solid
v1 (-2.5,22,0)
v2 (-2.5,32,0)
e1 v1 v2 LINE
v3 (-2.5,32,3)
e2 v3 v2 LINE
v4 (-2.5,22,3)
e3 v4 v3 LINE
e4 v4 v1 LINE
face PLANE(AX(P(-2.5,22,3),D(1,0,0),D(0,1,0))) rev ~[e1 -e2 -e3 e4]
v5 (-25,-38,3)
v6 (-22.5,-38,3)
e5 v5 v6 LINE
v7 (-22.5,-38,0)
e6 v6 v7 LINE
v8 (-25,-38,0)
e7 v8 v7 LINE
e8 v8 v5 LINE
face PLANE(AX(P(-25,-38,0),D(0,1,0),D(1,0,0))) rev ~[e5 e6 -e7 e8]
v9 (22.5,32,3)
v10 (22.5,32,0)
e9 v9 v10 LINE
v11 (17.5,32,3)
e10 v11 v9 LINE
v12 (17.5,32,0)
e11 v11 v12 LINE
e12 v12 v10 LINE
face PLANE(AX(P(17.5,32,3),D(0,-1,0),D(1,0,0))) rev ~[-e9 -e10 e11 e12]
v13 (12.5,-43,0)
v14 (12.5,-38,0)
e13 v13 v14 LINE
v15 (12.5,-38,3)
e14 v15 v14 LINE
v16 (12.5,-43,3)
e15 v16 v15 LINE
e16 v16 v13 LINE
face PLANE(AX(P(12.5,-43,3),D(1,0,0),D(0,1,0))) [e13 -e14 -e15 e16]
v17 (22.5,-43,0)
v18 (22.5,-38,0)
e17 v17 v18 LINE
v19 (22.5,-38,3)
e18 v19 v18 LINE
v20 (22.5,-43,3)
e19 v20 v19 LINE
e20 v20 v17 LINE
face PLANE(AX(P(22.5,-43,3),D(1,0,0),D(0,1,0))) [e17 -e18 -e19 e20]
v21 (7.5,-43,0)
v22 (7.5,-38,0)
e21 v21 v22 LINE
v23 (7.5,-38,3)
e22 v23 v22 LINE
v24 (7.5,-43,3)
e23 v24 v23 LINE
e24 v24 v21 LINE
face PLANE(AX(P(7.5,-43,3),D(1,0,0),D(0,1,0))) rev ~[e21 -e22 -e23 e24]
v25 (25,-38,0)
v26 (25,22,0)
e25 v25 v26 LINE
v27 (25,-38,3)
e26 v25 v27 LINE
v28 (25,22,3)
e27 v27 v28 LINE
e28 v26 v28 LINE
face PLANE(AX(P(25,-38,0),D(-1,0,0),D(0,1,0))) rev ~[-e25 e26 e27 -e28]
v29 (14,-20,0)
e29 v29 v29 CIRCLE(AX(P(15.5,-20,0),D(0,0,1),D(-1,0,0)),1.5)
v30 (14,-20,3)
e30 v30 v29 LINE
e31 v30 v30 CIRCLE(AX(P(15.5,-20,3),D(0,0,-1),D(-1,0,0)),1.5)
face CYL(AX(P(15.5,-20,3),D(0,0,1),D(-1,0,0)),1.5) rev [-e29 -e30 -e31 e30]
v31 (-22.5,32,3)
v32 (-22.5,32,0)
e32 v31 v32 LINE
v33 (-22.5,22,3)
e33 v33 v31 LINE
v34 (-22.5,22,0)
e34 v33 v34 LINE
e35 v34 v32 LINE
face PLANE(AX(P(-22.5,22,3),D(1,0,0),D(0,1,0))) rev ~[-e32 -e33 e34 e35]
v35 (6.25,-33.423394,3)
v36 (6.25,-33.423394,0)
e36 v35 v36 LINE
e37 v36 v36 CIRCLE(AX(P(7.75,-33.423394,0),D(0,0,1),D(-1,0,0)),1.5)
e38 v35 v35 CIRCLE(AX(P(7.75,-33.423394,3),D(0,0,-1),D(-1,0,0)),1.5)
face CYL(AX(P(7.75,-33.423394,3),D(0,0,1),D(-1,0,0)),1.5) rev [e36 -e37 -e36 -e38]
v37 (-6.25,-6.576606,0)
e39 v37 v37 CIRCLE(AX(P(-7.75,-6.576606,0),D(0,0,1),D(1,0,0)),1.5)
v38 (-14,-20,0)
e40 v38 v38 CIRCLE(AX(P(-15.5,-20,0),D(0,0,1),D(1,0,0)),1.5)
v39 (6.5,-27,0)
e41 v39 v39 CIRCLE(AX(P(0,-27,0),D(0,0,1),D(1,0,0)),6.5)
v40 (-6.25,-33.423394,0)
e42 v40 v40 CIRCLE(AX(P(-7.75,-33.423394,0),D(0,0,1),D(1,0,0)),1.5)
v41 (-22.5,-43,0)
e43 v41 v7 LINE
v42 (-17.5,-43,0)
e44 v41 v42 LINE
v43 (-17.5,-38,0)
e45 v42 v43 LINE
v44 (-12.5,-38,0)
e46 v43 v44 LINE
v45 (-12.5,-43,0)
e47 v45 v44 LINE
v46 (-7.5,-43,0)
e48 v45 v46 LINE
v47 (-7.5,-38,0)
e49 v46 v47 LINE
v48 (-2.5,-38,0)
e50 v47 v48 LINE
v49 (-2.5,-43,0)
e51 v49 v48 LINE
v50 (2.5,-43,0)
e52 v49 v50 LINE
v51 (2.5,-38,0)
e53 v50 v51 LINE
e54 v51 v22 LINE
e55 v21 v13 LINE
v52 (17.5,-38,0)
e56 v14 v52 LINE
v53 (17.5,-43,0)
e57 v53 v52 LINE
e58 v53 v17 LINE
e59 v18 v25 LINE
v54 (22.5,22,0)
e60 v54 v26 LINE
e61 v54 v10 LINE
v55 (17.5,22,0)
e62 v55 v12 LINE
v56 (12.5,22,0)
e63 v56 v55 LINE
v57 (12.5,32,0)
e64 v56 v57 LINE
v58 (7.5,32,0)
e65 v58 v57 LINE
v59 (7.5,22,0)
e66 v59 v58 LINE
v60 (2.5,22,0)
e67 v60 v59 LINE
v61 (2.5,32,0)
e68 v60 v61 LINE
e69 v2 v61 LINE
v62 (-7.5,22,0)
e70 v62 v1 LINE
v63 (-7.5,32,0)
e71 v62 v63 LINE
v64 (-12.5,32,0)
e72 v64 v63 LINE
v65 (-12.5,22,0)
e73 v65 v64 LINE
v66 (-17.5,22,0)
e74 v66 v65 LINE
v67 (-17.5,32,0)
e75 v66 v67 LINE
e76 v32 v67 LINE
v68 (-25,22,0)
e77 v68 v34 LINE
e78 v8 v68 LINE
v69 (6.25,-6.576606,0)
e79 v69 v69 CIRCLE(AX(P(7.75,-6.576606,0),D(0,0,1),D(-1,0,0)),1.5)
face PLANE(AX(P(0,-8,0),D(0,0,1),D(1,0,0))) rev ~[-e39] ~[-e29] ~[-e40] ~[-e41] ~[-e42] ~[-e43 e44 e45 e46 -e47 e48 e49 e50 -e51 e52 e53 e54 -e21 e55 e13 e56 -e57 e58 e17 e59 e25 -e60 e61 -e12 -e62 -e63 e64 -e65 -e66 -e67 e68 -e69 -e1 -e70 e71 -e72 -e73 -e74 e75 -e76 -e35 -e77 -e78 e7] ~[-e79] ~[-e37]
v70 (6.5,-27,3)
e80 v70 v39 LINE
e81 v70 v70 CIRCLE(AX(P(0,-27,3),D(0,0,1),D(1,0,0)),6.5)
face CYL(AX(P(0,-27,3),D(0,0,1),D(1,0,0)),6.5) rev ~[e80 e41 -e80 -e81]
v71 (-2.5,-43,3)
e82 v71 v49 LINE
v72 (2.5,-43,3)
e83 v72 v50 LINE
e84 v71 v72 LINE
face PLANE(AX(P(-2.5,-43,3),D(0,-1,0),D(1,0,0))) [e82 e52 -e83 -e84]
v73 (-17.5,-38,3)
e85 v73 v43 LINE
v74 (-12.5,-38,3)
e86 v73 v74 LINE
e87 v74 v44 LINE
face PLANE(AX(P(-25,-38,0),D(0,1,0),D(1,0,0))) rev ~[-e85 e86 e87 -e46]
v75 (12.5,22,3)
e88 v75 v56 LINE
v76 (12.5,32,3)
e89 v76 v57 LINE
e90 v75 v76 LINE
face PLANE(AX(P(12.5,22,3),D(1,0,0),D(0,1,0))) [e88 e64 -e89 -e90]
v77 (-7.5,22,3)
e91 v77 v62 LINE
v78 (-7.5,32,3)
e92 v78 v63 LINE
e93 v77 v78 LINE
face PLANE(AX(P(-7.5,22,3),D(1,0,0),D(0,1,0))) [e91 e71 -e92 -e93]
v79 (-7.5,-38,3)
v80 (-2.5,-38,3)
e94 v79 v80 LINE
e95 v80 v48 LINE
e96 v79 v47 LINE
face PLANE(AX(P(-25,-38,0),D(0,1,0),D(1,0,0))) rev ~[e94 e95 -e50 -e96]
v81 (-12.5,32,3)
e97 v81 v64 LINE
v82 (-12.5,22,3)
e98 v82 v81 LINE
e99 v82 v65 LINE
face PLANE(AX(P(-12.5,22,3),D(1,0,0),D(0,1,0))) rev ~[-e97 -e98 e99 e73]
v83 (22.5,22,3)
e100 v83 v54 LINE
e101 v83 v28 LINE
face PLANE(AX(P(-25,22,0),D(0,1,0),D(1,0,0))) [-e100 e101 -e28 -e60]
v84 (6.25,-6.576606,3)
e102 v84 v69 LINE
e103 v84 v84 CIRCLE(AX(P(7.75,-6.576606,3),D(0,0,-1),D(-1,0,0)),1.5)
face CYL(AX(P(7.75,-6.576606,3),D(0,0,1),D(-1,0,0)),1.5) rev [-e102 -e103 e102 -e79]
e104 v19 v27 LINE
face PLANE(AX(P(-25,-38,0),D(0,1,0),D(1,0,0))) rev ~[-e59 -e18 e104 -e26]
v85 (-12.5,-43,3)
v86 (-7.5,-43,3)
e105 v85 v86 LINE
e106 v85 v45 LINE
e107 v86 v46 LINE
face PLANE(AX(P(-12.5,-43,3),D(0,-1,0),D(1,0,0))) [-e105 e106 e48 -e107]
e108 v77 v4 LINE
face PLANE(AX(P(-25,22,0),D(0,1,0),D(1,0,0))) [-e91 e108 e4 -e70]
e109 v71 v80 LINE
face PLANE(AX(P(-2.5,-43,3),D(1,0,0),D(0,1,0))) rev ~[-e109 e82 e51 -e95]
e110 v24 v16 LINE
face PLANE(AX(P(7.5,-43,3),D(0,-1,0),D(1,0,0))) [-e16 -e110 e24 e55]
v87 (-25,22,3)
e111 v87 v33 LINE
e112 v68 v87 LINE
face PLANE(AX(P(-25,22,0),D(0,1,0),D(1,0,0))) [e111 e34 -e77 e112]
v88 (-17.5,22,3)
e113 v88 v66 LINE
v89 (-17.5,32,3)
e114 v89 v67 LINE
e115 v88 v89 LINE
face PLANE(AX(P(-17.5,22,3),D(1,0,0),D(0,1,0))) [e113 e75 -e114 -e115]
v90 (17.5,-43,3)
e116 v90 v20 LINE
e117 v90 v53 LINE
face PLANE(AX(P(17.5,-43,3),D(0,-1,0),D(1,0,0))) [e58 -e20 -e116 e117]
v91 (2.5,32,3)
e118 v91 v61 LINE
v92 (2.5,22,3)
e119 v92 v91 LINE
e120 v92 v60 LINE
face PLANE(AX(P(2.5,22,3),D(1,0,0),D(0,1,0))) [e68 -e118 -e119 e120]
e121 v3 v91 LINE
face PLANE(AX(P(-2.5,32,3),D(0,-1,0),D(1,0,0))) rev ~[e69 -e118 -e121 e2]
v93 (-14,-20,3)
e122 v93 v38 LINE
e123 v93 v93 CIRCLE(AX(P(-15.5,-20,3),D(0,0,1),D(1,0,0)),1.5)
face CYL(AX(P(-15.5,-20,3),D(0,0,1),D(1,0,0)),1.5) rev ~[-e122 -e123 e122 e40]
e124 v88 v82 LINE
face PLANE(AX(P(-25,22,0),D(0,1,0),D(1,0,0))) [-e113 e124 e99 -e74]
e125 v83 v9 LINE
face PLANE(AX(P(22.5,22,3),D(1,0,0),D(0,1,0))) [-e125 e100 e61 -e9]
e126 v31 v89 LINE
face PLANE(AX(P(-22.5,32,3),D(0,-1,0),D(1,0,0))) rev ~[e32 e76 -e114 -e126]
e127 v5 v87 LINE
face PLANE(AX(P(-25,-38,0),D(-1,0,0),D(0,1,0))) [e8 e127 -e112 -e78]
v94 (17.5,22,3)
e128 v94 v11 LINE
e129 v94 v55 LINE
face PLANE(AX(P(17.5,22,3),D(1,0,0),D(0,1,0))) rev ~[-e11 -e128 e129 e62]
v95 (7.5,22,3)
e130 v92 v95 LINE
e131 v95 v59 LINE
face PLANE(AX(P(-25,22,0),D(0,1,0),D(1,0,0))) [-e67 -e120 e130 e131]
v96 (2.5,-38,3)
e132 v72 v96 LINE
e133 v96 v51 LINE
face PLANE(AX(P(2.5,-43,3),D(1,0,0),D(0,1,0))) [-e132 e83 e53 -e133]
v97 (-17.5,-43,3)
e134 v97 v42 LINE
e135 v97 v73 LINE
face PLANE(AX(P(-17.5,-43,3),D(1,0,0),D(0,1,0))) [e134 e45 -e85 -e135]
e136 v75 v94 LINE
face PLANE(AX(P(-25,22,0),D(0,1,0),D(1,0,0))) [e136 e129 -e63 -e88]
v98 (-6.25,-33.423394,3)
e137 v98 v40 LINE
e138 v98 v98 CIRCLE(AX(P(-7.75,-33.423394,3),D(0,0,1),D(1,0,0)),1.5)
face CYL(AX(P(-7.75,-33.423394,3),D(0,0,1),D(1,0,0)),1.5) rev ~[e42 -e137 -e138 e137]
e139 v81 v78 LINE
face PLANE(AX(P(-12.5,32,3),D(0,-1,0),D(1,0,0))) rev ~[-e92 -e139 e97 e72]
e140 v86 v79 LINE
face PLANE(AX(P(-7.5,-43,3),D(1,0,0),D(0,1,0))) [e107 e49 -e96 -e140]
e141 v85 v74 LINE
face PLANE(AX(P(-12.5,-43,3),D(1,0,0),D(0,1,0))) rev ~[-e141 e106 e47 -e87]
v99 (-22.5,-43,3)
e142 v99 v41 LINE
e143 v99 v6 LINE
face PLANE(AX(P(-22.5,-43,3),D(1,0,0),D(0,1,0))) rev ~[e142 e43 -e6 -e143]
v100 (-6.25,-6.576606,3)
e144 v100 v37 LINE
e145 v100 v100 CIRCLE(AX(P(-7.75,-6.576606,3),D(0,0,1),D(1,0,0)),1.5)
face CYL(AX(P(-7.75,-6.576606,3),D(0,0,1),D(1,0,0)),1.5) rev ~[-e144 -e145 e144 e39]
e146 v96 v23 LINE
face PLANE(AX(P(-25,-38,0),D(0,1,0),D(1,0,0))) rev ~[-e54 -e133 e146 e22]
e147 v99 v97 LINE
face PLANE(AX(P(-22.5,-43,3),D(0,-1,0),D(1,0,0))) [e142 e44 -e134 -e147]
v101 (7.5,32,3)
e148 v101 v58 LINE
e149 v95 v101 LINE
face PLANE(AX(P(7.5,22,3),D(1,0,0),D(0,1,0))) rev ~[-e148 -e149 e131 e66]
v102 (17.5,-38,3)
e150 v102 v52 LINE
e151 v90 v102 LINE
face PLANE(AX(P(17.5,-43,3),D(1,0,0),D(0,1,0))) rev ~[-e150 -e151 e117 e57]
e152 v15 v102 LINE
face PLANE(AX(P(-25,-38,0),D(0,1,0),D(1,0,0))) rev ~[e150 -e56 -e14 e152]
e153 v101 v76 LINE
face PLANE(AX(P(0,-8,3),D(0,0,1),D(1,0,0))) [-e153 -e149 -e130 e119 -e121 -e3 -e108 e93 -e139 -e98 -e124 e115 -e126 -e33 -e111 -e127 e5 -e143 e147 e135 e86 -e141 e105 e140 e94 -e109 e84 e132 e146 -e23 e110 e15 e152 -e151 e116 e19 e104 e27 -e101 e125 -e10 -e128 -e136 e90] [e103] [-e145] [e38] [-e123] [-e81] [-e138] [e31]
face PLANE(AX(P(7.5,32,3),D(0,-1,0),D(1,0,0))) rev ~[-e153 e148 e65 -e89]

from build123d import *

# Parameters (mm, degrees)
ESQUISSE3_W                = 50
ESQUISSE3_H                = 60
BOSS_EXTRU_12_DEPTH        = 3
ESQUISSE4_R                = 1.5
ENL_V_MAT_EXTRU_1_DEPTH    = 5
ESQUISSE6_R                = 6.5
ENL_V_MAT_EXTRU_3_DEPTH    = 10
ESQUISSE7_W                = 5
ESQUISSE7_H                = 10
ESQUISSE7_H_2              = 5
BOSS_EXTRU_13_DEPTH        = 3
R_P_TITION_LIN_AIRE1_COUNT = 5
R_P_TITION_LIN_AIRE1_PITCH = 10


with BuildPart() as part:
    # Esquisse3 → Boss.-Extru.12 (new body)
    with BuildSketch(Plane.XY):
        with Locations((0, -8)):
            Rectangle(ESQUISSE3_W, ESQUISSE3_H)
    extrude(amount=BOSS_EXTRU_12_DEPTH)

    # Esquisse4 → Enlèv. mat.-Extru.1 (cut)
    with BuildSketch(Plane.XY.offset(3)):
        with Locations((-7.75, -6.576606241)):
            Circle(ESQUISSE4_R)
        with Locations((-15.5, -20)):
            Circle(ESQUISSE4_R)
        with Locations((-7.75, -33.423393759)):
            Circle(ESQUISSE4_R)
    enl_v_mat_extru_1 = extrude(amount=-ENL_V_MAT_EXTRU_1_DEPTH, mode=Mode.SUBTRACT)

    # Esquisse6 → Enlèv. mat.-Extru.3 (cut)
    with BuildSketch(Plane.XY.offset(3)):
        with Locations((0, -27)):
            Circle(ESQUISSE6_R)
    extrude(amount=-ENL_V_MAT_EXTRU_3_DEPTH, mode=Mode.SUBTRACT)

    # Symétrie3: Enlèv. mat.-Extru.1 across plane
    add(enl_v_mat_extru_1.mirror(Plane(origin=(0, 0, 0), x_dir=(0, 0, 1), z_dir=(1, 0, 0))), mode=Mode.SUBTRACT)

    # Esquisse7 → Boss.-Extru.13 (add)
    with BuildSketch(Plane.XY.offset(3)):
        with Locations((-20, 27)):
            Rectangle(ESQUISSE7_W, ESQUISSE7_H)
        with Locations((-20, -40.5)):
            Rectangle(ESQUISSE7_W, ESQUISSE7_H_2)
    boss_extru_13 = extrude(amount=-BOSS_EXTRU_13_DEPTH)

    # Répétition linéaire1: Boss.-Extru.13 ×5
    with Locations(*[(i * R_P_TITION_LIN_AIRE1_PITCH, 0, 0) for i in range(1, R_P_TITION_LIN_AIRE1_COUNT)]):
        add(boss_extru_13)


solid = part.part
